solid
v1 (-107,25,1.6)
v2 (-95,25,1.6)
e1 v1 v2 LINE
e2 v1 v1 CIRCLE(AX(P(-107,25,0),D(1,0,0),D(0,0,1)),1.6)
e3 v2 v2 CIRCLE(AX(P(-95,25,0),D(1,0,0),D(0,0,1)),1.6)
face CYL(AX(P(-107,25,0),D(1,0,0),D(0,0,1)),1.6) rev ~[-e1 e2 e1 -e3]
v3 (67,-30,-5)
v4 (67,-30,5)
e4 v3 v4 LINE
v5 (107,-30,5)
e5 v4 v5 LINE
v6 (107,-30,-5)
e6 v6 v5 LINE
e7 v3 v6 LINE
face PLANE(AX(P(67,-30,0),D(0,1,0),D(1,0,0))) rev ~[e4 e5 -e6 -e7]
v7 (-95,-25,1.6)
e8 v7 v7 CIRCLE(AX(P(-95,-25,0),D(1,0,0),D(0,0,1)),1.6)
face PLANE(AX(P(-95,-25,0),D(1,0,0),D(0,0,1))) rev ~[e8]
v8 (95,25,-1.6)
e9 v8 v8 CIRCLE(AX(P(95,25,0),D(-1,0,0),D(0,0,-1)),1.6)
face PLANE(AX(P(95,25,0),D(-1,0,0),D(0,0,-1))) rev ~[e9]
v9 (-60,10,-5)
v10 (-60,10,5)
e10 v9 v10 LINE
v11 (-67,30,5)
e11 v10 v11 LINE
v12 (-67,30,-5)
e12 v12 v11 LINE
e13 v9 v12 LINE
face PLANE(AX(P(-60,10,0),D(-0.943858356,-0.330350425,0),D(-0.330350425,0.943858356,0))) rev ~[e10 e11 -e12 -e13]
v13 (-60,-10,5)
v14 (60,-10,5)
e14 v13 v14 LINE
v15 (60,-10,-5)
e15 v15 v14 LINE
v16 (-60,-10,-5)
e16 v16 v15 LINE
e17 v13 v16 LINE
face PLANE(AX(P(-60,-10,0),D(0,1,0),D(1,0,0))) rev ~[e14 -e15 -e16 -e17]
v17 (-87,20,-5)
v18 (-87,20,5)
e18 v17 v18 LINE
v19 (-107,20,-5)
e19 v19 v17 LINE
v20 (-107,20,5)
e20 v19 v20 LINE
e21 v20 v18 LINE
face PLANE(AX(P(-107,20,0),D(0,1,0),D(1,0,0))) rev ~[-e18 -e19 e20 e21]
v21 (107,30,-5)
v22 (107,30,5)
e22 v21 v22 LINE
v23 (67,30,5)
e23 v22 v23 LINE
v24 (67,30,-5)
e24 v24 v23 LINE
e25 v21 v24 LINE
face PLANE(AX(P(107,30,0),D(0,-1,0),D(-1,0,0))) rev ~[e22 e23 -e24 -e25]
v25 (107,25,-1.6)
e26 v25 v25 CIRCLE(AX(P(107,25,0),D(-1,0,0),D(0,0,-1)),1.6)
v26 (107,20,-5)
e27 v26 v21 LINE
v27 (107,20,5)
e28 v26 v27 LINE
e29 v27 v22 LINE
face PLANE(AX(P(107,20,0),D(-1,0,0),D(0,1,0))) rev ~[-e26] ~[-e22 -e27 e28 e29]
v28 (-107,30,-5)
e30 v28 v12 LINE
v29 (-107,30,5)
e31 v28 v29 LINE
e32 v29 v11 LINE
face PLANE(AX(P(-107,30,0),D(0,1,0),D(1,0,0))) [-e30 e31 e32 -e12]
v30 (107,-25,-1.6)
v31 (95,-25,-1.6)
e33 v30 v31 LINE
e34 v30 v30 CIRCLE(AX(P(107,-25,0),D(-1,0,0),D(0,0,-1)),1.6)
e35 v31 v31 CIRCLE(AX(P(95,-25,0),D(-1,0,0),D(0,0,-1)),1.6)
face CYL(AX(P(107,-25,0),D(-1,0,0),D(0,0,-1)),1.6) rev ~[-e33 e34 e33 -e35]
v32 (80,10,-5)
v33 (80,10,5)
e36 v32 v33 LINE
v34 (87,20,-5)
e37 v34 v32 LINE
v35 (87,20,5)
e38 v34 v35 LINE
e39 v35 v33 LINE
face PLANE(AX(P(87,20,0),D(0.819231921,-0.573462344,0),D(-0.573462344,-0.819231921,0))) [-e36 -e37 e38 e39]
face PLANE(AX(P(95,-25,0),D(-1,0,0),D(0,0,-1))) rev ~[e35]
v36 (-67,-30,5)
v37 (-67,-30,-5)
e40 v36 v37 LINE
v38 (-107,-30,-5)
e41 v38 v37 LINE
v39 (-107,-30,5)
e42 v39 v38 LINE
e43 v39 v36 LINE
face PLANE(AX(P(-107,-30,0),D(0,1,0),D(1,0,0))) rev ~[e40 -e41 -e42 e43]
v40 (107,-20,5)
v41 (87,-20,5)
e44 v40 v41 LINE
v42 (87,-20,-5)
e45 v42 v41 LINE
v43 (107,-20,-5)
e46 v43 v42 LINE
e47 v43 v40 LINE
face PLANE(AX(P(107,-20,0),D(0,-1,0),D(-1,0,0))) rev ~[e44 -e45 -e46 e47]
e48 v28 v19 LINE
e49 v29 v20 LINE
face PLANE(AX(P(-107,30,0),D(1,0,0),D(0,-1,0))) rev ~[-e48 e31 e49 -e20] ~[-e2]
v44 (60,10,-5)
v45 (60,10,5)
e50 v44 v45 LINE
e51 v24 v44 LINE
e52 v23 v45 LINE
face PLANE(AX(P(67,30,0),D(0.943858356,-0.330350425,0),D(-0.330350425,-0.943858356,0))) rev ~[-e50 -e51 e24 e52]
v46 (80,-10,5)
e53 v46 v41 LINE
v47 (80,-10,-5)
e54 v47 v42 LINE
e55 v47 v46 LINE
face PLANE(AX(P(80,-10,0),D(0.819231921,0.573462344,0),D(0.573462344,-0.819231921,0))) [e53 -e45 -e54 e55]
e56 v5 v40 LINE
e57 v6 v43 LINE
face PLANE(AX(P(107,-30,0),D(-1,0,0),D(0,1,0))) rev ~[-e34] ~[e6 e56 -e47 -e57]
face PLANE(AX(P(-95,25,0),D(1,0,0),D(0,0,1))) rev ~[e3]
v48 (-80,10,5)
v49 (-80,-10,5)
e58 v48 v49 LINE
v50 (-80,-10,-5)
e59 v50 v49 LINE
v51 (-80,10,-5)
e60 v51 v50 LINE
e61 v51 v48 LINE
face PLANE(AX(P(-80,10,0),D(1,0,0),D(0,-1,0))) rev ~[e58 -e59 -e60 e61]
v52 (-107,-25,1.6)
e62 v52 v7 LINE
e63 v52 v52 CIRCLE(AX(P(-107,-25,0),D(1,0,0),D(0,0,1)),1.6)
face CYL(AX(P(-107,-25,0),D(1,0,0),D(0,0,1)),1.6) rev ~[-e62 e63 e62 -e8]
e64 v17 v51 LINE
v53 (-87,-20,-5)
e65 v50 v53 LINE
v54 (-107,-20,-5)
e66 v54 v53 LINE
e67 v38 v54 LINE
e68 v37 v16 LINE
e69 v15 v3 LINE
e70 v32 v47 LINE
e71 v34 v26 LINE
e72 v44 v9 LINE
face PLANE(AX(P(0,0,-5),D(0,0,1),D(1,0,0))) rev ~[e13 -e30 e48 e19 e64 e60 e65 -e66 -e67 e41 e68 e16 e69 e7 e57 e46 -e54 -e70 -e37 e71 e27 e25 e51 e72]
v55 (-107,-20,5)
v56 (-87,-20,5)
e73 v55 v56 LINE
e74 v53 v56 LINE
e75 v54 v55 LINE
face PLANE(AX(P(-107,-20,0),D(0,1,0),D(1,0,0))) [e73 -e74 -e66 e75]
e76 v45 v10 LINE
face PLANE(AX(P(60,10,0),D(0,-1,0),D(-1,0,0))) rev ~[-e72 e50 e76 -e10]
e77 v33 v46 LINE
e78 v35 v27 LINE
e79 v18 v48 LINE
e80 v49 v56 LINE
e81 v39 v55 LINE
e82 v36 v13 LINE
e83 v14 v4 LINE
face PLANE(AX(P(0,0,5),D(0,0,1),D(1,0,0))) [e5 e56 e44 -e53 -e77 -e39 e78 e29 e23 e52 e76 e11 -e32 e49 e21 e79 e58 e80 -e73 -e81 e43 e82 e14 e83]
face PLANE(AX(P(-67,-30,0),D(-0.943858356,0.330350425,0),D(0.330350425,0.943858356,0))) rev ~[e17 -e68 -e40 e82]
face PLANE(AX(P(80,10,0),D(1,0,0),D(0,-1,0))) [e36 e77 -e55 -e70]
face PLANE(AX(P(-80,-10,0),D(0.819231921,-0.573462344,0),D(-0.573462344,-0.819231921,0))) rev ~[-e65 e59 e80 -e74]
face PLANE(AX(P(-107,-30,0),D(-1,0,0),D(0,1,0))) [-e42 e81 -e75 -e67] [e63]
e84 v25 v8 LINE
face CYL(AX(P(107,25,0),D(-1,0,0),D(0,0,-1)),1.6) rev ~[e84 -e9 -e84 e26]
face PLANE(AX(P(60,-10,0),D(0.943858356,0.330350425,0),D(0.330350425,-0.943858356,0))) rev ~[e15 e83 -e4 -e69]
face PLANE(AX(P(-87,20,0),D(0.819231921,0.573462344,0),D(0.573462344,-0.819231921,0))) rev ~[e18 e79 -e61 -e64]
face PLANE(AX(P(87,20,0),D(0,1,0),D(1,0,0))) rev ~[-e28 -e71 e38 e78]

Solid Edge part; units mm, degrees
sketch "Sketch1" plane through (0, 0, 0) normal (0, 0, 1) x (1, 0, 0)
  line L0 (-60, -10) -> (60, -10)
  line L1 (60, -10) -> (67, -30)
  line L2 (67, -30) -> (107, -30)
  line L3 (107, -30) -> (107, -20)
  line L4 (107, -20) -> (87, -20)
  line L5 (80, -10) -> (87, -20)
  line L6 (80, 10) -> (80, -10)
  line L7 (87, 20) -> (80, 10)
  line L8 (87, 20) -> (107, 20)
  line L9 (107, 20) -> (107, 30)
  line L10 (107, 30) -> (67, 30)
  line L11 (67, 30) -> (60, 10)
  line L12 (60, 10) -> (-60, 10)
  line L13 (-60, 10) -> (-67, 30)
  line L14 (-107, 30) -> (-67, 30)
  line L15 (-107, 30) -> (-107, 20)
  line L16 (-107, 20) -> (-87, 20)
  line L17 (-87, 20) -> (-80, 10)
  line L18 (-80, 10) -> (-80, -10)
  line L19 (-80, -10) -> (-87, -20)
  line L20 (-107, -20) -> (-87, -20)
  line L21 (-107, -30) -> (-107, -20)
  line L22 (-107, -30) -> (-67, -30)
  line L23 (-67, -30) -> (-60, -10)
extrude "Protrusion1" add sketch "Sketch1" along normal mid plane 10
hole "Hole_1" at (107, -25, 0) direction (-1, 0, 0) diameter 3.2 depth 12
hole "Hole1" at (107, 25, 0) direction (-1, 0, 0) diameter 3.2 depth 12
hole "Hole_3" at (-107, 25, 0) direction (1, 0, 0) diameter 3.2 depth 12
hole "Hole2" at (-107, -25, 0) direction (1, 0, 0) diameter 3.2 depth 12
properties material "ABS Plastic, medium impact"
